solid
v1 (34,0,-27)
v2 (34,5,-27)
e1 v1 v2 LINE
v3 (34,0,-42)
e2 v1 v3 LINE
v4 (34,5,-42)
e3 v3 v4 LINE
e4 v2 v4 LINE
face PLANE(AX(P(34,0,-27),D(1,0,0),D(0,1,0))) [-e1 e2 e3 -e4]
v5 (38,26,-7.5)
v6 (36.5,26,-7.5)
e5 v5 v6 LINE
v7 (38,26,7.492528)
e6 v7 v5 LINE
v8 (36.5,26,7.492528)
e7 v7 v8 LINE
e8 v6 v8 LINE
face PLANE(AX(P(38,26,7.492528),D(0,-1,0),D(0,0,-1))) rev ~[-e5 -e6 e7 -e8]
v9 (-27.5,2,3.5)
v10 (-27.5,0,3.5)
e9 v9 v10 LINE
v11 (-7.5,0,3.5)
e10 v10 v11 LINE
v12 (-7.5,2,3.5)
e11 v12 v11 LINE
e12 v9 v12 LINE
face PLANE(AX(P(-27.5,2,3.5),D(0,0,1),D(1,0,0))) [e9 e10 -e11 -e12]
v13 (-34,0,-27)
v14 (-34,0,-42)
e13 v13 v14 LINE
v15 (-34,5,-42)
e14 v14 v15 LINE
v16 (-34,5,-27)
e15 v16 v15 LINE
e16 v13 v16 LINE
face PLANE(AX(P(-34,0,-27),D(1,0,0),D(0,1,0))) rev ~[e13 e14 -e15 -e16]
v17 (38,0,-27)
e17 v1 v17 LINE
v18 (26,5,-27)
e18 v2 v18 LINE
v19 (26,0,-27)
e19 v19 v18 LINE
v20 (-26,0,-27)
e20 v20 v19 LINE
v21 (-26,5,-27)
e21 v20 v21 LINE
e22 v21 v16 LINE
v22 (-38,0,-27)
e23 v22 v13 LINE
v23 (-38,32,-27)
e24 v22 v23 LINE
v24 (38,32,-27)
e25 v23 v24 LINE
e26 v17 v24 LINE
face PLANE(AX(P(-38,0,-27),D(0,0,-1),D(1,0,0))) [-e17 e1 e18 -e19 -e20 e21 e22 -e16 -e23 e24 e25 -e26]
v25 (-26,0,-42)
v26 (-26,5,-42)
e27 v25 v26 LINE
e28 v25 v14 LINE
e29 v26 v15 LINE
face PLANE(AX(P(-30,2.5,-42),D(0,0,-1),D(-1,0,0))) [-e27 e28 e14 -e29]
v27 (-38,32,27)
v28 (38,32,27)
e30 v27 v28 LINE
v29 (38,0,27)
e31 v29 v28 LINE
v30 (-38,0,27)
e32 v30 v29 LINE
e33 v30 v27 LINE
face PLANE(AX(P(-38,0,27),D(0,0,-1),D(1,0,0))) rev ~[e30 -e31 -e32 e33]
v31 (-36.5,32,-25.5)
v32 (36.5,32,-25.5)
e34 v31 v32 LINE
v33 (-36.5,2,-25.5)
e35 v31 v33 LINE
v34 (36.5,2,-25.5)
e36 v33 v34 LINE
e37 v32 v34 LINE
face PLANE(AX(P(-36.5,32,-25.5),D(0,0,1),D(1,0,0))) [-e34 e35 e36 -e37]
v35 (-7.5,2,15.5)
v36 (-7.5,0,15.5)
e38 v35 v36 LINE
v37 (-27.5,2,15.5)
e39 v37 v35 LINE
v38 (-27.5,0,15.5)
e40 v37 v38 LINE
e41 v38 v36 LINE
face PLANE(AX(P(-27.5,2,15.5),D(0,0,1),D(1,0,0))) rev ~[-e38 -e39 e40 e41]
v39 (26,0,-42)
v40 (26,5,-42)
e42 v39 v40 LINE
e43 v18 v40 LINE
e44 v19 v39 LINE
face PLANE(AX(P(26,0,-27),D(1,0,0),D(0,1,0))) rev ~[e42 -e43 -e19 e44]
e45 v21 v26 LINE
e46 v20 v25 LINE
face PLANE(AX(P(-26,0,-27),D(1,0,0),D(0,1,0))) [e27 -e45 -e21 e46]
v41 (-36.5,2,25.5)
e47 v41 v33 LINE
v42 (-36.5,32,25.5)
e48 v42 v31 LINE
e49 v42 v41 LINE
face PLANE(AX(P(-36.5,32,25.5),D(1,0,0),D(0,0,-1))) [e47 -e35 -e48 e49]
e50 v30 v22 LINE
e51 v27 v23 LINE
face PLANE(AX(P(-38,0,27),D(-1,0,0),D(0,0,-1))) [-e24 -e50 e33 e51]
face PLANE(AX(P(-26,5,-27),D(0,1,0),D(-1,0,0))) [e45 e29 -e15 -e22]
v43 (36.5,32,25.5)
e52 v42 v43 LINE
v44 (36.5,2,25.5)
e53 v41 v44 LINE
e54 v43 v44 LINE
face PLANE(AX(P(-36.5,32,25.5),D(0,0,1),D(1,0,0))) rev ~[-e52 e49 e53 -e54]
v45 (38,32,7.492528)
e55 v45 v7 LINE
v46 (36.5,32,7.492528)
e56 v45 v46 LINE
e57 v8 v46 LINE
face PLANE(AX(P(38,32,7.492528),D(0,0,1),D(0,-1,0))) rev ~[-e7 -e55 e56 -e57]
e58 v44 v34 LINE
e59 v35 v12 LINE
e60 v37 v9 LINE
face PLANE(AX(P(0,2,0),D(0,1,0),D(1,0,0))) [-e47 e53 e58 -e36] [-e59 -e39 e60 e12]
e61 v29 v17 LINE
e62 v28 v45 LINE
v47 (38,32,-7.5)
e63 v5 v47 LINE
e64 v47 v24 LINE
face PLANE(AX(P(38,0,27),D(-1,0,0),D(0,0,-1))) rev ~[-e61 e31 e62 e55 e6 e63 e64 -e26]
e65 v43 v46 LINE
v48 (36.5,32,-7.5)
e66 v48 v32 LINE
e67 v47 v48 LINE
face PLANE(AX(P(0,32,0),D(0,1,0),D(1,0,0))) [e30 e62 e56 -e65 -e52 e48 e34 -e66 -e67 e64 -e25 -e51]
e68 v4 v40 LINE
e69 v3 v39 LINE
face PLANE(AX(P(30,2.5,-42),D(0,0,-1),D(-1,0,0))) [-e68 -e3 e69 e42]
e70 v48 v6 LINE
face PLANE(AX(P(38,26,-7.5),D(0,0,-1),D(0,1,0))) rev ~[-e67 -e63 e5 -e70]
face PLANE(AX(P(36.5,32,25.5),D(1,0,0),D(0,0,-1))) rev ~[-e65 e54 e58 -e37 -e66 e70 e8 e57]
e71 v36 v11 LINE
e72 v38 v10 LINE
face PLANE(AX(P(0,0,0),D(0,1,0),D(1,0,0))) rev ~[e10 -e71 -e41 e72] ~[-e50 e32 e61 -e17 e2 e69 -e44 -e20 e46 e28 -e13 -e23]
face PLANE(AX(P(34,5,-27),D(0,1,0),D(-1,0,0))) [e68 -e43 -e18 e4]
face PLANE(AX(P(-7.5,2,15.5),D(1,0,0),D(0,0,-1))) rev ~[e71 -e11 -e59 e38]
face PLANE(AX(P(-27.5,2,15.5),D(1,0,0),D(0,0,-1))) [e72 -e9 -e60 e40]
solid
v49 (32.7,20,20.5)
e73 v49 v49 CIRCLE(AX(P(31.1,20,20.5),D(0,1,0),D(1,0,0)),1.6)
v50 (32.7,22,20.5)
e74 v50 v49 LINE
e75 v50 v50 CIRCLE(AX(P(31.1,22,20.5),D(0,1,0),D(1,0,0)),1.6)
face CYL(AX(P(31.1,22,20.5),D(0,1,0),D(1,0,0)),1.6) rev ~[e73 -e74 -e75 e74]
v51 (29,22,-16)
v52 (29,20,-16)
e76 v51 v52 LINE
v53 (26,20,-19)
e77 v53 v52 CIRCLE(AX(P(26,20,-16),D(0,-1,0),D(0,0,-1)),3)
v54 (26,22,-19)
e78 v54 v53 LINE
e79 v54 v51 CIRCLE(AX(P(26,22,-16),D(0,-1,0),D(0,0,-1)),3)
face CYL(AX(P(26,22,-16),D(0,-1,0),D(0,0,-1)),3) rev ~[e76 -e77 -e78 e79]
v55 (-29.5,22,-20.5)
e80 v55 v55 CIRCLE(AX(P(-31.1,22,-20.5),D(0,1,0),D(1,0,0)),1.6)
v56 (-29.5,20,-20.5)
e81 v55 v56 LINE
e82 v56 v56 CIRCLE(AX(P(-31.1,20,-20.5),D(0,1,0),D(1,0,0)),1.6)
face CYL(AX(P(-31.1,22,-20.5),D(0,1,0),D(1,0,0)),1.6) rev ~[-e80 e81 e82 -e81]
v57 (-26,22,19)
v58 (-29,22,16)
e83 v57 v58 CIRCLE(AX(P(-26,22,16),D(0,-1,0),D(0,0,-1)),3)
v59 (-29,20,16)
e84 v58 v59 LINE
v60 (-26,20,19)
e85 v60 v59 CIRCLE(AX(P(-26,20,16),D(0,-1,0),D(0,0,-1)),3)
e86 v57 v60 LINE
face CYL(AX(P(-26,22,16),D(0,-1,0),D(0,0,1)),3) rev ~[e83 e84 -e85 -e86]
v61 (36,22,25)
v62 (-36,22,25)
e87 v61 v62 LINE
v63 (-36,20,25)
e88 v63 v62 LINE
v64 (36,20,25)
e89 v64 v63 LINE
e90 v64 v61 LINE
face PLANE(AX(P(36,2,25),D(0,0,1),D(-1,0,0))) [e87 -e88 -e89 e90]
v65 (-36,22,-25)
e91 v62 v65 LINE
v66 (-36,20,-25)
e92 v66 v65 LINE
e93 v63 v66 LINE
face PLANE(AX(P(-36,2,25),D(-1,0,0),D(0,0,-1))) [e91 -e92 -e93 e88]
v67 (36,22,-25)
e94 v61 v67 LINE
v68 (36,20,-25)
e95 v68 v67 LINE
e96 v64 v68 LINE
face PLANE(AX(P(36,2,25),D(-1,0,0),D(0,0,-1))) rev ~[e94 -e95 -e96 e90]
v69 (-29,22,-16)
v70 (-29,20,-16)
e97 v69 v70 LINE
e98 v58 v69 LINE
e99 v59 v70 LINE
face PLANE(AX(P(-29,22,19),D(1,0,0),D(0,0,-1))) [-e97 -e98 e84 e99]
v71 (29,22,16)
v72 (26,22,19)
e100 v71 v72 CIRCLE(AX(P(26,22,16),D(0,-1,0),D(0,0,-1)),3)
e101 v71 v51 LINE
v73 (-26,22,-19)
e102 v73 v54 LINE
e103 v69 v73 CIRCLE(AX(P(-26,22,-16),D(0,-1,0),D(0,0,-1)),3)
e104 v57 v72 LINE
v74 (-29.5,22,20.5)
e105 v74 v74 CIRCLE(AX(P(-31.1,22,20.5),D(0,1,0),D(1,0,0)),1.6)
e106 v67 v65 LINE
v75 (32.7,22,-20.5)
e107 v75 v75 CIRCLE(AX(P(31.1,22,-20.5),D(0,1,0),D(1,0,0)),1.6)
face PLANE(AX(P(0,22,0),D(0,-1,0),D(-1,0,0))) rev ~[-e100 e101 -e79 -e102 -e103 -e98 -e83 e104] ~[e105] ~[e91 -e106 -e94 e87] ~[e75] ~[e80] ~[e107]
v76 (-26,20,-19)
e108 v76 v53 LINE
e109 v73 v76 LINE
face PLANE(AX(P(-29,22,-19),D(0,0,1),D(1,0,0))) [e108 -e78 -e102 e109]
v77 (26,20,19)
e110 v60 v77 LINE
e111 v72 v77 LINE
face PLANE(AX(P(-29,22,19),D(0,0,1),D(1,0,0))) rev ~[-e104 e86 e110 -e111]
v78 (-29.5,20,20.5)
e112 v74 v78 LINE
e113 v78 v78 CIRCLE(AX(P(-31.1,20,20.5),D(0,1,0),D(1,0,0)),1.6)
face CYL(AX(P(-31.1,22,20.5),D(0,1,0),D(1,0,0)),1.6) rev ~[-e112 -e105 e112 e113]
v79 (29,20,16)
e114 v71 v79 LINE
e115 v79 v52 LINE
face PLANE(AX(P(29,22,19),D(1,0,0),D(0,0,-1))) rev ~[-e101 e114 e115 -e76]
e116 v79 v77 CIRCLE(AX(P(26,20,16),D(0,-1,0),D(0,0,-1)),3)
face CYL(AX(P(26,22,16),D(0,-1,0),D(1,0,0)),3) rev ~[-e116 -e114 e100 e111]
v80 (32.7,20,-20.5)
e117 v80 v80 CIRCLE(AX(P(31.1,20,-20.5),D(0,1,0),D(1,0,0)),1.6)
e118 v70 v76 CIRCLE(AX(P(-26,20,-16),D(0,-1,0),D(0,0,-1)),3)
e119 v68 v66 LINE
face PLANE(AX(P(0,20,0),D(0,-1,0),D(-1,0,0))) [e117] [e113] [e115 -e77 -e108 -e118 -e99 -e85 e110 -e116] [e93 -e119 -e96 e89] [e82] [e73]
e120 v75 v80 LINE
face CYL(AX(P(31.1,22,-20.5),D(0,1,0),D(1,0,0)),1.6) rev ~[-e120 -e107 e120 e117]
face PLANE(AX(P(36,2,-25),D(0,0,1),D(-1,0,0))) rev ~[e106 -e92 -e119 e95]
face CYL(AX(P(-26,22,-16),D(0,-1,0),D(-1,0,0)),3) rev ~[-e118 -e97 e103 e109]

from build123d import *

# Parameters (mm, degrees)
ENCLOSURE_SHELL_SKETCH_W      = 76
ENCLOSURE_SHELL_SKETCH_H      = 54
ENCLOSURE_SHELL_FEATURE_DEPTH = 32
ENCLOSURE_GAP_SKETCH_W        = 73
ENCLOSURE_GAP_SKETCH_H        = 51
ENCLOSURE_GAP_FEATURE_DEPTH   = 30
SCREW_SHELL_SKETCH_R          = 2.5
SCREW_SHELL_FEATURE_DEPTH     = 8
BATTERY_CUT_REACH             = 78
BATTERY_CUT_DIRECTION_2_DEPTH = 1
CAMERA_CORD_HOLE_SKETCH_W     = 20
CAMERA_CORD_HOLE_SKETCH_H     = 12
CAMERA_CORD_HOLE_DEPTH        = 3
TAB_FEATURE_SKETCH_W          = 8
TAB_FEATURE_SKETCH_H          = 5
TAB_FEATURE_DEPTH             = 15
BOSS_EXTRUDE2_START           = -2
SKETCH1_W                     = 72
SKETCH1_H                     = 50
BOSS_EXTRUDE2_DEPTH           = 20
CUT_EXTRUDE1_START            = -2
SKETCH2_W                     = 72
SKETCH2_H                     = 50
CUT_EXTRUDE1_DEPTH            = 18
SKETCH4_W                     = 58
SKETCH4_H                     = 38
CUT_EXTRUDE3_DEPTH            = 2
SKETCH5_R                     = 1.6
CUT_EXTRUDE4_DEPTH            = 10
FILLET1_R                     = 3
FILLET3_R                     = 3
FILLET4_R                     = 3
FILLET5_R                     = 3


with BuildPart() as part:
    # Enclosure Shell Sketch → Enclosure Shell Feature (new body)
    with BuildSketch(Plane(origin=(0, 0, 0), x_dir=(1, 0, 0), z_dir=(0, 1, 0))):
        Rectangle(ENCLOSURE_SHELL_SKETCH_W, ENCLOSURE_SHELL_SKETCH_H)
    extrude(amount=ENCLOSURE_SHELL_FEATURE_DEPTH)

    # Enclosure Gap Sketch → Enclosure Gap Feature (cut)
    with BuildSketch(Plane(origin=(0, 32, 0), x_dir=(1, 0, 0), z_dir=(0, 1, 0))):
        Rectangle(ENCLOSURE_GAP_SKETCH_W, ENCLOSURE_GAP_SKETCH_H)
    extrude(amount=-ENCLOSURE_GAP_FEATURE_DEPTH, mode=Mode.SUBTRACT)

    # Screw Shell Sketch → Screw Shell Feature (add)
    with BuildSketch(Plane(origin=(0, 2, 0), x_dir=(1, 0, 0), z_dir=(0, 1, 0))):
        with Locations((-31.088465065, 20.5)):
            Circle(SCREW_SHELL_SKETCH_R)
        with Locations((-31.1, -20.5)):
            Circle(SCREW_SHELL_SKETCH_R)
        with Locations((31.1, 20.5)):
            Circle(SCREW_SHELL_SKETCH_R)
        with Locations((31.1, -20.5)):
            Circle(SCREW_SHELL_SKETCH_R)
    extrude(amount=SCREW_SHELL_FEATURE_DEPTH)

    # Battery Cut Sketch → Battery Cut (cut, up to next)
    with BuildSketch(Plane.ZY.offset(-38), mode=Mode.PRIVATE) as battery_cut_sk1:
        Polygon((0, 32), (7.492527579, 32), (7.492527579, 26), (-7.5, 26), (-7.5, 32), align=None)
    battery_cut_tool1 = extrude(battery_cut_sk1.sketch, amount=BATTERY_CUT_REACH, mode=Mode.PRIVATE) & part.part
    add(battery_cut_tool1.solids().sort_by_distance((38, 29, -0.003736))[0], mode=Mode.SUBTRACT)

    # Battery Cut Sketch → Battery Cut direction 2 (cut)
    with BuildSketch(Plane.ZY.offset(-38)):
        Polygon((0, 32), (7.492527579, 32), (7.492527579, 26), (-7.5, 26), (-7.5, 32), align=None)
    extrude(amount=-BATTERY_CUT_DIRECTION_2_DEPTH, mode=Mode.SUBTRACT)

    # Camera Cord Hole Sketch → Camera Cord Hole (cut, through all)
    with BuildSketch(Plane(origin=(0, 2, 0), x_dir=(1, 0, 0), z_dir=(0, 1, 0))):
        with Locations((-17.5, -9.5)):
            Rectangle(CAMERA_CORD_HOLE_SKETCH_W, CAMERA_CORD_HOLE_SKETCH_H)
    extrude(amount=-CAMERA_CORD_HOLE_DEPTH, mode=Mode.SUBTRACT)

    # Tab Feature Sketch → Tab Feature (add)
    with BuildSketch(Plane(origin=(0, 0, -27), x_dir=(-1, 0, 0), z_dir=(0, 0, -1))):
        with Locations((-30, 2.5)):
            Rectangle(TAB_FEATURE_SKETCH_W, TAB_FEATURE_SKETCH_H)
        with Locations((30, 2.5)):
            Rectangle(TAB_FEATURE_SKETCH_W, TAB_FEATURE_SKETCH_H)
    extrude(amount=TAB_FEATURE_DEPTH)

    # Sketch1 → Boss-Extrude2 (add)
    with BuildSketch(Plane(origin=(0, 0, 0), x_dir=(-1, 0, 0), z_dir=(0, -1, 0)).offset(BOSS_EXTRUDE2_START)):
        Rectangle(SKETCH1_W, SKETCH1_H)
    extrude(amount=-BOSS_EXTRUDE2_DEPTH)

    # Sketch2 → Cut-Extrude1 (cut)
    with BuildSketch(Plane(origin=(0, 0, 0), x_dir=(-1, 0, 0), z_dir=(0, -1, 0)).offset(CUT_EXTRUDE1_START)):
        Rectangle(SKETCH2_W, SKETCH2_H)
    extrude(amount=-CUT_EXTRUDE1_DEPTH, mode=Mode.SUBTRACT)

    # Sketch4 → Cut-Extrude3 (cut)
    with BuildSketch(Plane(origin=(0, 22, 0), x_dir=(1, 0, 0), z_dir=(0, 1, 0))):
        Rectangle(SKETCH4_W, SKETCH4_H)
    extrude(amount=-CUT_EXTRUDE3_DEPTH, mode=Mode.SUBTRACT)

    # Sketch5 → Cut-Extrude4 (cut)
    with BuildSketch(Plane(origin=(0, 22, 0), x_dir=(1, 0, 0), z_dir=(0, 1, 0))):
        with Locations((-31.1, 20.5)):
            Circle(SKETCH5_R)
        with Locations((31.1, 20.5)):
            Circle(SKETCH5_R)
        with Locations((31.1, -20.5)):
            Circle(SKETCH5_R)
        with Locations((-31.1, -20.5)):
            Circle(SKETCH5_R)
    extrude(amount=-CUT_EXTRUDE4_DEPTH, mode=Mode.SUBTRACT)

    # Fillet1
    fillet1_edges = [part.edges().sort_by_distance(p)[0] for p in [
        (-29, 21, -19),
    ]]
    fillet(fillet1_edges, radius=FILLET1_R)

    # Fillet3
    fillet3_edges = [part.edges().sort_by_distance(p)[0] for p in [
        (29, 21, -19),
    ]]
    fillet(fillet3_edges, radius=FILLET3_R)

    # Fillet4
    fillet4_edges = [part.edges().sort_by_distance(p)[0] for p in [
        (29, 21, 19),
    ]]
    fillet(fillet4_edges, radius=FILLET4_R)

    # Fillet5
    fillet5_edges = [part.edges().sort_by_distance(p)[0] for p in [
        (-29, 21, 19),
    ]]
    fillet(fillet5_edges, radius=FILLET5_R)


solid = part.part
